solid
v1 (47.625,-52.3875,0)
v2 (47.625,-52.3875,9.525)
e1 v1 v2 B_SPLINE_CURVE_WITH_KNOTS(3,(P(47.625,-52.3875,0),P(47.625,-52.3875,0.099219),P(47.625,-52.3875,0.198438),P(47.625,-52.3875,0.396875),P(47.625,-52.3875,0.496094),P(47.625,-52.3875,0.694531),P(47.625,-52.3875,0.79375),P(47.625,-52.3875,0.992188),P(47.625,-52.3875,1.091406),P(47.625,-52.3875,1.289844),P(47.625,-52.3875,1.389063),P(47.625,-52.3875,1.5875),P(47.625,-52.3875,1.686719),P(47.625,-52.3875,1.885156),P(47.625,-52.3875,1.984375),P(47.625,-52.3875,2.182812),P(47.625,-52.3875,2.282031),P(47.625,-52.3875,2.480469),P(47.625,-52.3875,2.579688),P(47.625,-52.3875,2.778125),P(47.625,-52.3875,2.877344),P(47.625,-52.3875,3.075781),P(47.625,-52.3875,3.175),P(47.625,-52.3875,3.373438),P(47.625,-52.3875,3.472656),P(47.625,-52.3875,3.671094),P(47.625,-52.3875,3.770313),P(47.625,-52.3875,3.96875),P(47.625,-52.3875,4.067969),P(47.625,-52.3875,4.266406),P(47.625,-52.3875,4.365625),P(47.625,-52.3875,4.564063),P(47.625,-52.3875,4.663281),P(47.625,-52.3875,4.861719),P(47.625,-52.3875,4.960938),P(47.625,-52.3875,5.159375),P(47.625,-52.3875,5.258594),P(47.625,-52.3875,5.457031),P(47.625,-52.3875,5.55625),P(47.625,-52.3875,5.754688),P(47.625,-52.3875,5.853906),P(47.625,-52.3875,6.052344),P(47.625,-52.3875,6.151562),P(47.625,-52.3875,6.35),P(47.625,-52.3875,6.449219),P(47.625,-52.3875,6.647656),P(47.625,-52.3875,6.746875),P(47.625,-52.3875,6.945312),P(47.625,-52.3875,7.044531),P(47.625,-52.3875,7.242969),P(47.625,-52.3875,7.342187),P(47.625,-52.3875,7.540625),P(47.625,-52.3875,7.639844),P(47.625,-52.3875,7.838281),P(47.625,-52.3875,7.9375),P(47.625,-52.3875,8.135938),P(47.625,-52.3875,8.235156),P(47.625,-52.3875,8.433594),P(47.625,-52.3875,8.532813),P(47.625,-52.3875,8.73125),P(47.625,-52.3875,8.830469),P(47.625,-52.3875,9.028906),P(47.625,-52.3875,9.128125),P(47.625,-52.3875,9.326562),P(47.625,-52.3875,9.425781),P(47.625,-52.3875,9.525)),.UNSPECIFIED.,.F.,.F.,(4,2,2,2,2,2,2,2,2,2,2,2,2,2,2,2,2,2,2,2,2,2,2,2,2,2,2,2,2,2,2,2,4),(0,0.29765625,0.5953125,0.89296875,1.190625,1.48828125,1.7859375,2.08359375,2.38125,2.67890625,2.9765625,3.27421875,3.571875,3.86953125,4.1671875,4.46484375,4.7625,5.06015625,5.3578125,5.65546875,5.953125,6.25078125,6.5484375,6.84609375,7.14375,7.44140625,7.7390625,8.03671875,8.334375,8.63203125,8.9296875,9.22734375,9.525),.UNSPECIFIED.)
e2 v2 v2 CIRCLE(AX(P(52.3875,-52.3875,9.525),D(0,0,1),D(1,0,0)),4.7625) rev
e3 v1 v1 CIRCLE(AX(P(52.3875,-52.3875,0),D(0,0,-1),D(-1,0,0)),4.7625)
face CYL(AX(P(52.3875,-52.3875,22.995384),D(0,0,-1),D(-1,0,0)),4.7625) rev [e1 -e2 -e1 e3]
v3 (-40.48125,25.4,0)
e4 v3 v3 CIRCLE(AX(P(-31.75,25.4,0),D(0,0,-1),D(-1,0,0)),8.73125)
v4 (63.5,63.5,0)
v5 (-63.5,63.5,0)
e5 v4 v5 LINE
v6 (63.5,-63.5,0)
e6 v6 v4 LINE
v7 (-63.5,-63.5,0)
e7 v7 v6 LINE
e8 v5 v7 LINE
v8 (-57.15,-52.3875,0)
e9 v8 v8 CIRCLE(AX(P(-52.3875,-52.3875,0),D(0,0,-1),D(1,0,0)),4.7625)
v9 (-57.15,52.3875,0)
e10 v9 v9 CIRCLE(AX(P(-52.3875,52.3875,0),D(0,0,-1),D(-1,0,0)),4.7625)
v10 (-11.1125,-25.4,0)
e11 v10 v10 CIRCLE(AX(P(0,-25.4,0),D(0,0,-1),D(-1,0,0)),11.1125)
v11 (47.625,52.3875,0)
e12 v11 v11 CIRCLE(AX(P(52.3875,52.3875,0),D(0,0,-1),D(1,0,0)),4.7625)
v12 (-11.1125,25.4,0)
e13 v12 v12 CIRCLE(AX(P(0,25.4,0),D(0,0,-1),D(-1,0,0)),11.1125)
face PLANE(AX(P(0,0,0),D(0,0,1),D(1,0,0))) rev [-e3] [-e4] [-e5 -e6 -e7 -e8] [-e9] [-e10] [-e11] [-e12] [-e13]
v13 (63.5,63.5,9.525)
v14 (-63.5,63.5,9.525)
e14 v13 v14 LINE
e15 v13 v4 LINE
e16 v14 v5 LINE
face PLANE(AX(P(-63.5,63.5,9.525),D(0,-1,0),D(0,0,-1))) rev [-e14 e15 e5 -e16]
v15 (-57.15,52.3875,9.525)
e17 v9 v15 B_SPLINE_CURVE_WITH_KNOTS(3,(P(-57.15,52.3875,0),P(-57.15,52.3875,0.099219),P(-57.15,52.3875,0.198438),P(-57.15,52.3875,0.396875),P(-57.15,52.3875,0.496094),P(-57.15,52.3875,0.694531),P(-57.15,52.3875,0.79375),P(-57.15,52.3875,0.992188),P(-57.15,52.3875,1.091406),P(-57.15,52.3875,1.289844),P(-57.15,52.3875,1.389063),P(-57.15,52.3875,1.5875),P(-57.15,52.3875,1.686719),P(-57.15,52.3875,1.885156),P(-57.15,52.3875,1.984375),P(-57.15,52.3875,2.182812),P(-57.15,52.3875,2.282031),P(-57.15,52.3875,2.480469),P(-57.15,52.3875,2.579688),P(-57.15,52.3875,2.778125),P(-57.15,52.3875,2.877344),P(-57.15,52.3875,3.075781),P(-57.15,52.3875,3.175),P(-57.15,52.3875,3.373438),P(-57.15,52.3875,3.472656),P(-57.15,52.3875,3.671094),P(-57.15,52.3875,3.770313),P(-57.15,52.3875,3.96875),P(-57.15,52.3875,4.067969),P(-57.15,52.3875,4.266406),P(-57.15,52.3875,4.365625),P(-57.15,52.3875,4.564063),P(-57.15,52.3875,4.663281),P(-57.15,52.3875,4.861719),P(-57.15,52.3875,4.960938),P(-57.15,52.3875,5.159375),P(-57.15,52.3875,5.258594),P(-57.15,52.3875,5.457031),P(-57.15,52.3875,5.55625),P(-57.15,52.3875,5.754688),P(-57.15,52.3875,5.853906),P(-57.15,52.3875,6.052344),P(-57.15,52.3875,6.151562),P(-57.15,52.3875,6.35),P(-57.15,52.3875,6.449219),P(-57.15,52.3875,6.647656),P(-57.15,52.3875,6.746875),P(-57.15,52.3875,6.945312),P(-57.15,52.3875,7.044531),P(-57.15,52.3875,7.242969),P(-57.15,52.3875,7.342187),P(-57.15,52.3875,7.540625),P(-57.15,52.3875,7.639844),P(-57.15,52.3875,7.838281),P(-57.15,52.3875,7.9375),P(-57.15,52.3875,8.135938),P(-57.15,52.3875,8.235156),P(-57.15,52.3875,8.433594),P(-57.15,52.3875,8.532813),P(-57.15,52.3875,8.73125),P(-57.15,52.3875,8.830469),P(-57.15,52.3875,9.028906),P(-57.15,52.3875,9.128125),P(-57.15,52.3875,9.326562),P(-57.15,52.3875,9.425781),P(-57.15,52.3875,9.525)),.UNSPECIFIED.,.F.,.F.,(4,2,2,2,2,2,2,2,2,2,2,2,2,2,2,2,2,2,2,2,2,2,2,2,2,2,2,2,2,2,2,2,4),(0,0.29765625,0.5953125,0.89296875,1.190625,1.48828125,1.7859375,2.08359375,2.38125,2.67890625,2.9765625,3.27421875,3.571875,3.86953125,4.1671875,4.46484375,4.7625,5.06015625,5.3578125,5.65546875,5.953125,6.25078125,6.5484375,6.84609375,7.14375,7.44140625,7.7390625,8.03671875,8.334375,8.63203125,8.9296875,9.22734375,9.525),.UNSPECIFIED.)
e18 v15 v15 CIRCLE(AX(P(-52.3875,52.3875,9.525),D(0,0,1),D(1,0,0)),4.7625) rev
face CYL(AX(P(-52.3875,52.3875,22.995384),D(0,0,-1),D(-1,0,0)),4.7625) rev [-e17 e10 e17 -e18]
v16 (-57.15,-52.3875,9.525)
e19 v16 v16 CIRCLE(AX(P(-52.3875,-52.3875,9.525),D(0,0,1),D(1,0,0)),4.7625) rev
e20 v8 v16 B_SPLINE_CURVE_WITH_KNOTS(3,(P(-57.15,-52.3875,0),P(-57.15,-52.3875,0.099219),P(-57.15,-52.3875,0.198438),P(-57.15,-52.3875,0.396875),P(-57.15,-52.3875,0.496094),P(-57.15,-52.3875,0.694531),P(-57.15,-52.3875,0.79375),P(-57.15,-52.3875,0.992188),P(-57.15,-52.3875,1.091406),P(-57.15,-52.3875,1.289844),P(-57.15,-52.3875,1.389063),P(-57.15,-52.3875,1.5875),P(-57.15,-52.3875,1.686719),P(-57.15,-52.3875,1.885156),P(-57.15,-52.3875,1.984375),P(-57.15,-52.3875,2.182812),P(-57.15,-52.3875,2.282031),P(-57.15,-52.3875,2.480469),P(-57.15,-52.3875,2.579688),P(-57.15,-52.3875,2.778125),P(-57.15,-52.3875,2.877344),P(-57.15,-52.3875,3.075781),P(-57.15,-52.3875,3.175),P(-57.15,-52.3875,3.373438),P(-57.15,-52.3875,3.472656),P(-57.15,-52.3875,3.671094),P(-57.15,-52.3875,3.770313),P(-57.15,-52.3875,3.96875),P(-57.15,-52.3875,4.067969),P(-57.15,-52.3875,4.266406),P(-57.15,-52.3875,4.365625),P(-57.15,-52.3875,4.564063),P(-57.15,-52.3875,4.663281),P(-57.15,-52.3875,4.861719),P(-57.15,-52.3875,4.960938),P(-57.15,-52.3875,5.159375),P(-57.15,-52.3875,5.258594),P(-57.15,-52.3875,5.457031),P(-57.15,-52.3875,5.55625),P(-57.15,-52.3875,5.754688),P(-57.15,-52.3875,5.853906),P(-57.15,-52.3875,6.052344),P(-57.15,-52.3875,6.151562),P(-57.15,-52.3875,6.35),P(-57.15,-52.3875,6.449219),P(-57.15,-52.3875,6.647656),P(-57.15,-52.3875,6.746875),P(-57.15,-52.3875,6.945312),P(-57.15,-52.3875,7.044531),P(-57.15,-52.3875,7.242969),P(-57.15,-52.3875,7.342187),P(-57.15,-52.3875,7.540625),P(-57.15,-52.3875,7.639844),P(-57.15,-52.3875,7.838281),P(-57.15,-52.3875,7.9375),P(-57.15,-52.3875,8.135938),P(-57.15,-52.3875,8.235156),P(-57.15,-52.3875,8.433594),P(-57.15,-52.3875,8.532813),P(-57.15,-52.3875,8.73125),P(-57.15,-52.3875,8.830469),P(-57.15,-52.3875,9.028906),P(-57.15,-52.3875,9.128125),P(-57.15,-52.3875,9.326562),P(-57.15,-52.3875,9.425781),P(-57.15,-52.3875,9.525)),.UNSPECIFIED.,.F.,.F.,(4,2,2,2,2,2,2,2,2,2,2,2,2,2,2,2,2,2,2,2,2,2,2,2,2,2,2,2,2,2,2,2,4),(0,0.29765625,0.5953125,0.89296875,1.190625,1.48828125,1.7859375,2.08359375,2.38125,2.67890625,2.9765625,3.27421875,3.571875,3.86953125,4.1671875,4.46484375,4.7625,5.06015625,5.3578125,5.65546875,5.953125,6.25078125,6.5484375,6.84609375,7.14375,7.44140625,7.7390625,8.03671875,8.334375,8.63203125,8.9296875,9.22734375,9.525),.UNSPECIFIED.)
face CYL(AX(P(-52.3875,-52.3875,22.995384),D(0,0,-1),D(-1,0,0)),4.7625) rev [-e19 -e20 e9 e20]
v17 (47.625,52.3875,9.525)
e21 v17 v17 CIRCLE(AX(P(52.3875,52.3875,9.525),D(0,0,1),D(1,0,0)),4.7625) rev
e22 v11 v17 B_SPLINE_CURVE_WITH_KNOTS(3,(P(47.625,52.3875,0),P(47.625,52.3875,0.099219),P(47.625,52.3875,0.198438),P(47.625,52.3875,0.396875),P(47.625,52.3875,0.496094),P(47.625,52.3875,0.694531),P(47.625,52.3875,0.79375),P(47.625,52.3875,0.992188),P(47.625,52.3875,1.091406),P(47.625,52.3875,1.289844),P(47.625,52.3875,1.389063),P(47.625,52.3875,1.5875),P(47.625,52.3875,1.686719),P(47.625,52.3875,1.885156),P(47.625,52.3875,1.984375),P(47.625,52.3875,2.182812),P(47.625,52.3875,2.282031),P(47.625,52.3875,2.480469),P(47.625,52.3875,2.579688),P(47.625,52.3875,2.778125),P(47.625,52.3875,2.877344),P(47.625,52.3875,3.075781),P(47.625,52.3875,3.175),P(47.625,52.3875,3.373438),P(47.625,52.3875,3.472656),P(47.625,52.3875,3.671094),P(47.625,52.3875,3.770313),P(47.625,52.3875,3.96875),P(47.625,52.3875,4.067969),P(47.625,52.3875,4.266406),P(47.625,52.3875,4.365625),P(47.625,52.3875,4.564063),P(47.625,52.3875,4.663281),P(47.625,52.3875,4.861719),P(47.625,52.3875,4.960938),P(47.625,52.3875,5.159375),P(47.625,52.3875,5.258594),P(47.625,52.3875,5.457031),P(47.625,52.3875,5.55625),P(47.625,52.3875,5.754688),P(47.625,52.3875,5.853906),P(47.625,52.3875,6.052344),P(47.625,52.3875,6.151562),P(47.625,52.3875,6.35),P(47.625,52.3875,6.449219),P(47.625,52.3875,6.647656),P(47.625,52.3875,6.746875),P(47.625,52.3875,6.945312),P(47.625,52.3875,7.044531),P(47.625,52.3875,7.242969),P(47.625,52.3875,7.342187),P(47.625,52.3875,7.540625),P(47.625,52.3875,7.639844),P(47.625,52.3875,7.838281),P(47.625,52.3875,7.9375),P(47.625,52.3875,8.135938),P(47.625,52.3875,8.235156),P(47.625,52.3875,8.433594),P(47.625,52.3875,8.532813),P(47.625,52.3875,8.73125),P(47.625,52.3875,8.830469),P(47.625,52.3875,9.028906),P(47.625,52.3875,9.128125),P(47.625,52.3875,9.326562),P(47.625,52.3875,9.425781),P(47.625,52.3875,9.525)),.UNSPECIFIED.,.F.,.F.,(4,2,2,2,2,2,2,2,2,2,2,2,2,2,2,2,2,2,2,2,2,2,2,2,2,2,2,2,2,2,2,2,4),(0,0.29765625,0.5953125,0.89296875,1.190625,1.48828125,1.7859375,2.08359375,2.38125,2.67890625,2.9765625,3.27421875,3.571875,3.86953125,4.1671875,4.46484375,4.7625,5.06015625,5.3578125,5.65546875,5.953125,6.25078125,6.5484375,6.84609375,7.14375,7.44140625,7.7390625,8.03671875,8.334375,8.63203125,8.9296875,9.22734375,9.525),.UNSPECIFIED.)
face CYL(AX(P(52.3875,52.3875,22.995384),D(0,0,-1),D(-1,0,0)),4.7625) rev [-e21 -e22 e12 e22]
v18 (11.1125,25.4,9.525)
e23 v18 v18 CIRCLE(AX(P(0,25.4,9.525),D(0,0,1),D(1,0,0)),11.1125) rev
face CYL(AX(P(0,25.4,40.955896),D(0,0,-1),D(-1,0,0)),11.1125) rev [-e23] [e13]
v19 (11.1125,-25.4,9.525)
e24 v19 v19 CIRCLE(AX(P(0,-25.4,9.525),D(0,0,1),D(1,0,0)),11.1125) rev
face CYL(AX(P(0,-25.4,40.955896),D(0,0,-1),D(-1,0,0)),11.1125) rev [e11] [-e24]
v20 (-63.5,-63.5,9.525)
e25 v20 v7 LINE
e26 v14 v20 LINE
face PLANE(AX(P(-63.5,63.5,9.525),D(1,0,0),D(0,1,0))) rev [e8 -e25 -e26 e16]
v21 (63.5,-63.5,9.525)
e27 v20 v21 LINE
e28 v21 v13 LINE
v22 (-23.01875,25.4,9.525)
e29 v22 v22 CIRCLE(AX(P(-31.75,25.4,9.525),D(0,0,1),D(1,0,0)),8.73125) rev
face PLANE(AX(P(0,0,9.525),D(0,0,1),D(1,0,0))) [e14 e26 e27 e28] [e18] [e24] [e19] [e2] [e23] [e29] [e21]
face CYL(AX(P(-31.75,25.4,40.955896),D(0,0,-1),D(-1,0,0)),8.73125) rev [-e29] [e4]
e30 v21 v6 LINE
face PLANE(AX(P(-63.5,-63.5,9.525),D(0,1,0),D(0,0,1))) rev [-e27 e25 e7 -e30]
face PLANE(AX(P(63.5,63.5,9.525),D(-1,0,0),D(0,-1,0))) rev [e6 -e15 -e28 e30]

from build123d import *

# Parameters (mm, degrees)
SKETCH1_W           = 127
SKETCH1_H           = 127
BOSS_EXTRUDE1_DEPTH = 9.525
SKETCH2_R           = 11.1125
SKETCH2_R_2         = 8.73125
CUT_EXTRUDE1_DEPTH  = 9.525
SKETCH3_R           = 4.7625
CUT_EXTRUDE2_DEPTH  = 9.525


with BuildPart() as part:
    # Sketch1 → Boss-Extrude1 (new body)
    with BuildSketch(Plane.XY):
        Rectangle(SKETCH1_W, SKETCH1_H)
    extrude(amount=BOSS_EXTRUDE1_DEPTH)

    # Sketch2 → Cut-Extrude1 (cut)
    with BuildSketch(Plane(origin=(0, 0, 0), x_dir=(-1, 0, 0), z_dir=(0, 0, -1))):
        with Locations((0, 25.4)):
            Circle(SKETCH2_R)
        with Locations((31.75, 25.4)):
            Circle(SKETCH2_R_2)
        with Locations((0, -25.4)):
            Circle(SKETCH2_R)
    extrude(amount=-CUT_EXTRUDE1_DEPTH, mode=Mode.SUBTRACT)

    # Sketch3 → Cut-Extrude2 (cut)
    with BuildSketch(Plane(origin=(0, 0, 0), x_dir=(-1, 0, 0), z_dir=(0, 0, -1))):
        with Locations((52.3875, 52.3875)):
            Circle(SKETCH3_R)
        with Locations((52.3875, -52.3875)):
            Circle(SKETCH3_R)
        with Locations((-52.3875, 52.3875)):
            Circle(SKETCH3_R)
        with Locations((-52.3875, -52.3875)):
            Circle(SKETCH3_R)
    extrude(amount=-CUT_EXTRUDE2_DEPTH, mode=Mode.SUBTRACT)


solid = part.part
